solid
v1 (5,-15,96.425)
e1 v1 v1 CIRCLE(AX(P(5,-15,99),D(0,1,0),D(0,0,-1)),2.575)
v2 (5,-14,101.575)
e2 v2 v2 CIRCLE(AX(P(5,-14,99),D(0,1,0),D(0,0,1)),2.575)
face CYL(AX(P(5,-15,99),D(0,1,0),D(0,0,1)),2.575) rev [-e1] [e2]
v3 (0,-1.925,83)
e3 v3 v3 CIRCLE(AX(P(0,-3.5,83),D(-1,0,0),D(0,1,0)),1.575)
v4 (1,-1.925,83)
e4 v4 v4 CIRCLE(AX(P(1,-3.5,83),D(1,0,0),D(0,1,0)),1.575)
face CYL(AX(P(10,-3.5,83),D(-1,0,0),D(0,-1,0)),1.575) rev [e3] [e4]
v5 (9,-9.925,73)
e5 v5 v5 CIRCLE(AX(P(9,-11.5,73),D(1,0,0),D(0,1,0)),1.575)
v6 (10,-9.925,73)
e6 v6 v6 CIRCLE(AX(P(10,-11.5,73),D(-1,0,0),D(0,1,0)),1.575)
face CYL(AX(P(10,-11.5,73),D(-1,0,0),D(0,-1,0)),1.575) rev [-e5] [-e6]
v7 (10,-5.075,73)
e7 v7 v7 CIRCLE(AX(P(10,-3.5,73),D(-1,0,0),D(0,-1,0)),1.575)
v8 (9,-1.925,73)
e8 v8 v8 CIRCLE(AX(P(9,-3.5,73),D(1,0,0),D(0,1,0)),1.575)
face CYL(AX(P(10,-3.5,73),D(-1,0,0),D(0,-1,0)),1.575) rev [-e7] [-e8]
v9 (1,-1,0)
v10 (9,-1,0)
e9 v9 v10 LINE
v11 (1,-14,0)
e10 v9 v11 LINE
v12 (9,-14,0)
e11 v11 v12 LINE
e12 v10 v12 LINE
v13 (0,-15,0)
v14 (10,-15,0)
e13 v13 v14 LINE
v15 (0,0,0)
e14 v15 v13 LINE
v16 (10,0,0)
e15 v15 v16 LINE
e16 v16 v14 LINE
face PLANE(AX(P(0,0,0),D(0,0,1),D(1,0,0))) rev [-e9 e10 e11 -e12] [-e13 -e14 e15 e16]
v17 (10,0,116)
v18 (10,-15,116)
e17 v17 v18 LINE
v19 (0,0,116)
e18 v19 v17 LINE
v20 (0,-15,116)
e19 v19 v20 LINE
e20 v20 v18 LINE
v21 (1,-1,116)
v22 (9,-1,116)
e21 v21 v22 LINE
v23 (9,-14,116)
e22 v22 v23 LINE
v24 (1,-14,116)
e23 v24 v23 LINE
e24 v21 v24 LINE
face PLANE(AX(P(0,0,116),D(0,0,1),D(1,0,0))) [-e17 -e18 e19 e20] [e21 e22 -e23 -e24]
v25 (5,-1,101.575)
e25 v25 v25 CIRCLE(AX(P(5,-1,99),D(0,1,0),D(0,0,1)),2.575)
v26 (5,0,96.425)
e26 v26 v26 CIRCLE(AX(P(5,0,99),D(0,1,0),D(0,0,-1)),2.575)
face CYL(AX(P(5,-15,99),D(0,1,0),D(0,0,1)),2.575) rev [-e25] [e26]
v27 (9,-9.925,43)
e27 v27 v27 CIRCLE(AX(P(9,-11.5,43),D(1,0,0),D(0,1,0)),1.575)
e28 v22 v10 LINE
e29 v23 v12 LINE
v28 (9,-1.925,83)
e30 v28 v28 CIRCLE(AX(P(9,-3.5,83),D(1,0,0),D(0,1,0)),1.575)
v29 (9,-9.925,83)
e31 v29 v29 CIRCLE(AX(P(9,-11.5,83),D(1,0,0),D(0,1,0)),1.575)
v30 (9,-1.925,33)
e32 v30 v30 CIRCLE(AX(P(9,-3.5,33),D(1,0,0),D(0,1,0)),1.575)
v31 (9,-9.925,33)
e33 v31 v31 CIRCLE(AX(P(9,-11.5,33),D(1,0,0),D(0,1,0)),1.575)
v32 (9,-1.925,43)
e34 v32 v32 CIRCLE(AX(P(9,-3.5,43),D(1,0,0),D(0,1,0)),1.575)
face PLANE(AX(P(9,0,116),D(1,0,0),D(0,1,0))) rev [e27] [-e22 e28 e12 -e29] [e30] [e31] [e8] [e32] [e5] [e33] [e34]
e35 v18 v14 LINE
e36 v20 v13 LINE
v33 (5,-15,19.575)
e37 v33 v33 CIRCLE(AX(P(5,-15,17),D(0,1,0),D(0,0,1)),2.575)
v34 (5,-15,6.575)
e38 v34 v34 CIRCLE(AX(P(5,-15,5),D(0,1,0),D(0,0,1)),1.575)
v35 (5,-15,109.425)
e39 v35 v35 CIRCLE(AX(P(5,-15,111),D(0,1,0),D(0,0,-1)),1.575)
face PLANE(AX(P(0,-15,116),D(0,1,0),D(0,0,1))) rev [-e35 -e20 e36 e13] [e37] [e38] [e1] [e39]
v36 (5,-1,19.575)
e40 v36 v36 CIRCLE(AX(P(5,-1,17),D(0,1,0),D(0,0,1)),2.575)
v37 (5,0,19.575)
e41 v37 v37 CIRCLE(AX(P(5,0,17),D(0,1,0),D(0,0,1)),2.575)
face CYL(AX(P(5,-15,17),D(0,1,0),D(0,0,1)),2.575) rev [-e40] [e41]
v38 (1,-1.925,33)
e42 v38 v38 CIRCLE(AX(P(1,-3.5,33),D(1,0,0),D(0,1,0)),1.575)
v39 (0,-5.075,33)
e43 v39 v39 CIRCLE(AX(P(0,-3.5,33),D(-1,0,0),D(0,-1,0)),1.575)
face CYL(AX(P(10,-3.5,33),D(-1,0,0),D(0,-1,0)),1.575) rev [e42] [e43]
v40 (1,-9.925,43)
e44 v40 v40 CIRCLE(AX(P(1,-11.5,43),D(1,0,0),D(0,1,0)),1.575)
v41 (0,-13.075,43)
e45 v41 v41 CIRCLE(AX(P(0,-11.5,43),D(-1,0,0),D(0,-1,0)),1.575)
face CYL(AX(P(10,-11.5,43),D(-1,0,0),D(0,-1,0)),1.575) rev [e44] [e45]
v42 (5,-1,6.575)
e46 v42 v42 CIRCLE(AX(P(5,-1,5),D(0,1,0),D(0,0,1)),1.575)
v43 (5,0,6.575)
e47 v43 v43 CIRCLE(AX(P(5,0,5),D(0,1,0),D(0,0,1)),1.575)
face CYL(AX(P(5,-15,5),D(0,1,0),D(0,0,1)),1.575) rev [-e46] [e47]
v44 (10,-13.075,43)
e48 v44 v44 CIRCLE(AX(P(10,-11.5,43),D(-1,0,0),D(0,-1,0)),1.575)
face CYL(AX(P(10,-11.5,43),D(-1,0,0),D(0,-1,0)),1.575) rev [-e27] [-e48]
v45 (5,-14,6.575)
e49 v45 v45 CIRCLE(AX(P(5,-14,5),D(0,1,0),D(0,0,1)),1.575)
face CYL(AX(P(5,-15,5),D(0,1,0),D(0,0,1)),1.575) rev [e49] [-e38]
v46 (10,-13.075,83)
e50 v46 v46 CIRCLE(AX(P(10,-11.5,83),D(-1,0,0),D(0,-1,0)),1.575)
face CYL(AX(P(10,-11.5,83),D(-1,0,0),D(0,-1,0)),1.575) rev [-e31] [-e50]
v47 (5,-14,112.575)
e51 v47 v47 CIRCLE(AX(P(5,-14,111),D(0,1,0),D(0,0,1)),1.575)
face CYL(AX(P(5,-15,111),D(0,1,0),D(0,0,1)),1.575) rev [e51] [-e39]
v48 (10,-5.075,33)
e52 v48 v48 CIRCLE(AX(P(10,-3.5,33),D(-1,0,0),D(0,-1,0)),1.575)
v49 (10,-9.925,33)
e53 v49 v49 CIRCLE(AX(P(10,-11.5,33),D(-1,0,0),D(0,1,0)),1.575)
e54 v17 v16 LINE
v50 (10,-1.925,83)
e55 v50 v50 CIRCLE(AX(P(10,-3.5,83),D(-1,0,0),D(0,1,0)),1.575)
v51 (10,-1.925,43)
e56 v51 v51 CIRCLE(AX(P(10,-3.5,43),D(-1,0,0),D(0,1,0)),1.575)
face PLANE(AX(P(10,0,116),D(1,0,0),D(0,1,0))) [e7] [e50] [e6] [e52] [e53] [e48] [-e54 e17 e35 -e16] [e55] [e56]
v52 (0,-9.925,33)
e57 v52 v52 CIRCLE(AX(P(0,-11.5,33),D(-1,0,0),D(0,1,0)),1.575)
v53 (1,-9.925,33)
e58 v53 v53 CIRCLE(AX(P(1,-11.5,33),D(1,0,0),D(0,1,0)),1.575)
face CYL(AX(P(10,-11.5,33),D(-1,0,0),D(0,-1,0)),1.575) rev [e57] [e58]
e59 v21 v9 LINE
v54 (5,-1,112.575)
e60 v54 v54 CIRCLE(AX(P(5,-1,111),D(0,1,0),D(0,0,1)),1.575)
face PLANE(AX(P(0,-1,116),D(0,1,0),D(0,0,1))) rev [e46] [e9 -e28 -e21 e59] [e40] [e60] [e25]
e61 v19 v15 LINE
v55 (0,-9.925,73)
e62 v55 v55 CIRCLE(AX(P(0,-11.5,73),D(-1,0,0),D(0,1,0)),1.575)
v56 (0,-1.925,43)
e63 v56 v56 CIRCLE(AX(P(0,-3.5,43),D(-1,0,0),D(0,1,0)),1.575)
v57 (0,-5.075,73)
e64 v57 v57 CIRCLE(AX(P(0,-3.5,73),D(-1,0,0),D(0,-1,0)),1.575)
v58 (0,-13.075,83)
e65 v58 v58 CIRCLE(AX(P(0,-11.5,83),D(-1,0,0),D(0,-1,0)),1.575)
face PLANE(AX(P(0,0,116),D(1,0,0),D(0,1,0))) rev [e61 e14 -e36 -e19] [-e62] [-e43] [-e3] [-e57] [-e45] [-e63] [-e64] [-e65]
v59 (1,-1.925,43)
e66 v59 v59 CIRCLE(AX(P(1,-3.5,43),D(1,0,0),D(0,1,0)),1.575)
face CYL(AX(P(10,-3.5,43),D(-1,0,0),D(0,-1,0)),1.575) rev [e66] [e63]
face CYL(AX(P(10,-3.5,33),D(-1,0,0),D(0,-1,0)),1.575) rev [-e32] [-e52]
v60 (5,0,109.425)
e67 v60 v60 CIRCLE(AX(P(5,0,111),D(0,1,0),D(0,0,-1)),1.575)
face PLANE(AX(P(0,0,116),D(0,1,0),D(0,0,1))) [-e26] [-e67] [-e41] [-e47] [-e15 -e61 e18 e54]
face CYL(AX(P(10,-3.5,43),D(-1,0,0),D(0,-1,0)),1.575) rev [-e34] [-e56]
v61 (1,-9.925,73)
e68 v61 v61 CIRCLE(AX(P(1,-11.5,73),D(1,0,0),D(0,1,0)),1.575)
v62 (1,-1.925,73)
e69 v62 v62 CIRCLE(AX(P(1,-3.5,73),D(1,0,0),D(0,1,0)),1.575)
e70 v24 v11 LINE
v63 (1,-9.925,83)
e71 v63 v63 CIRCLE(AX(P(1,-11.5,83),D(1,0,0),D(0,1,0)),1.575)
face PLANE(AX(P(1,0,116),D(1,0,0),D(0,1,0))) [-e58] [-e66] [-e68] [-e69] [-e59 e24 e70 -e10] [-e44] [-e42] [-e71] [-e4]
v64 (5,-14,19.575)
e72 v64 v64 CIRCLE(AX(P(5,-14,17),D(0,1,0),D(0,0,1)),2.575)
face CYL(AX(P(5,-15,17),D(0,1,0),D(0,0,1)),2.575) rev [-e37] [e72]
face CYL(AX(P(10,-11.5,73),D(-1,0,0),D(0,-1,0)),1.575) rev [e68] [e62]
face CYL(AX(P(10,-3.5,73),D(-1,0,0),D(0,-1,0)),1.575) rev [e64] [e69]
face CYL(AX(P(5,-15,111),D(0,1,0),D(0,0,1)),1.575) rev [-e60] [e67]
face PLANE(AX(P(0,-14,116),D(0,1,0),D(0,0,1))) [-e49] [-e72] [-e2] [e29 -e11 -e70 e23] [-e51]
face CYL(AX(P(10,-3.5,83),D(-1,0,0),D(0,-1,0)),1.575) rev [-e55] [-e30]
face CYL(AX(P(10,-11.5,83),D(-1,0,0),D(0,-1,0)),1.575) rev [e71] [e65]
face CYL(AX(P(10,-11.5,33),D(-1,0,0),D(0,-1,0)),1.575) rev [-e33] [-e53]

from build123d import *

# Parameters (mm, degrees)
SKETCH_1_W          = 10
SKETCH_1_H          = 15
SKETCH_1_W_2        = 8
SKETCH_1_H_2        = 13
EXTRUDE_1_DEPTH     = 116
SKETCH_2_R          = 1.575
SKETCH_2_R_2        = 2.575
CUT_EXTRUDE_1_DEPTH = 118.39250402
SKETCH_3_R          = 1.575
CUT_EXTRUDE_2_DEPTH = 118.39250402


with BuildPart() as part:
    # 草图1 → 拉伸-薄壁1 (new body)
    with BuildSketch(Plane.XY):
        with Locations((5, -7.5)):
            Rectangle(SKETCH_1_W, SKETCH_1_H)
        with Locations((5, -7.5)):
            Rectangle(SKETCH_1_W_2, SKETCH_1_H_2, mode=Mode.SUBTRACT)
    extrude(amount=EXTRUDE_1_DEPTH)

    # 草图2 → 切除-拉伸1 (cut, through all)
    with BuildSketch(Plane(origin=(0, 0, 0), x_dir=(1, 0, 0), z_dir=(0, 1, 0))):
        with Locations(Location((5, -5, 0), (0, 0, 270))):
            Circle(SKETCH_2_R)
        with Locations(Location((5, -17, 0), (0, 0, 270))):
            Circle(SKETCH_2_R_2)
        with Locations(Location((5, -99, 0), (0, 0, 270))):
            Circle(SKETCH_2_R_2)
        with Locations(Location((5, -111, 0), (0, 0, 270))):
            Circle(SKETCH_2_R)
    extrude(amount=-CUT_EXTRUDE_1_DEPTH, mode=Mode.SUBTRACT)

    # 草图3 → 切除-拉伸2 (cut, through all)
    with BuildSketch(Plane.ZY):
        with Locations(Location((33, -3.5, 0), (0, 0, 270))):
            Circle(SKETCH_3_R)
        with Locations(Location((43, -3.5, 0), (0, 0, 90))):
            Circle(SKETCH_3_R)
        with Locations(Location((43, -11.5, 0), (0, 0, 270))):
            Circle(SKETCH_3_R)
        with Locations(Location((33, -11.5, 0), (0, 0, 90))):
            Circle(SKETCH_3_R)
        with Locations(Location((83, -11.5, 0), (0, 0, 270))):
            Circle(SKETCH_3_R)
        with Locations(Location((73, -11.5, 0), (0, 0, 90))):
            Circle(SKETCH_3_R)
        with Locations(Location((73, -3.5, 0), (0, 0, 270))):
            Circle(SKETCH_3_R)
        with Locations(Location((83, -3.5, 0), (0, 0, 90))):
            Circle(SKETCH_3_R)
    extrude(amount=-CUT_EXTRUDE_2_DEPTH, mode=Mode.SUBTRACT)


solid = part.part
